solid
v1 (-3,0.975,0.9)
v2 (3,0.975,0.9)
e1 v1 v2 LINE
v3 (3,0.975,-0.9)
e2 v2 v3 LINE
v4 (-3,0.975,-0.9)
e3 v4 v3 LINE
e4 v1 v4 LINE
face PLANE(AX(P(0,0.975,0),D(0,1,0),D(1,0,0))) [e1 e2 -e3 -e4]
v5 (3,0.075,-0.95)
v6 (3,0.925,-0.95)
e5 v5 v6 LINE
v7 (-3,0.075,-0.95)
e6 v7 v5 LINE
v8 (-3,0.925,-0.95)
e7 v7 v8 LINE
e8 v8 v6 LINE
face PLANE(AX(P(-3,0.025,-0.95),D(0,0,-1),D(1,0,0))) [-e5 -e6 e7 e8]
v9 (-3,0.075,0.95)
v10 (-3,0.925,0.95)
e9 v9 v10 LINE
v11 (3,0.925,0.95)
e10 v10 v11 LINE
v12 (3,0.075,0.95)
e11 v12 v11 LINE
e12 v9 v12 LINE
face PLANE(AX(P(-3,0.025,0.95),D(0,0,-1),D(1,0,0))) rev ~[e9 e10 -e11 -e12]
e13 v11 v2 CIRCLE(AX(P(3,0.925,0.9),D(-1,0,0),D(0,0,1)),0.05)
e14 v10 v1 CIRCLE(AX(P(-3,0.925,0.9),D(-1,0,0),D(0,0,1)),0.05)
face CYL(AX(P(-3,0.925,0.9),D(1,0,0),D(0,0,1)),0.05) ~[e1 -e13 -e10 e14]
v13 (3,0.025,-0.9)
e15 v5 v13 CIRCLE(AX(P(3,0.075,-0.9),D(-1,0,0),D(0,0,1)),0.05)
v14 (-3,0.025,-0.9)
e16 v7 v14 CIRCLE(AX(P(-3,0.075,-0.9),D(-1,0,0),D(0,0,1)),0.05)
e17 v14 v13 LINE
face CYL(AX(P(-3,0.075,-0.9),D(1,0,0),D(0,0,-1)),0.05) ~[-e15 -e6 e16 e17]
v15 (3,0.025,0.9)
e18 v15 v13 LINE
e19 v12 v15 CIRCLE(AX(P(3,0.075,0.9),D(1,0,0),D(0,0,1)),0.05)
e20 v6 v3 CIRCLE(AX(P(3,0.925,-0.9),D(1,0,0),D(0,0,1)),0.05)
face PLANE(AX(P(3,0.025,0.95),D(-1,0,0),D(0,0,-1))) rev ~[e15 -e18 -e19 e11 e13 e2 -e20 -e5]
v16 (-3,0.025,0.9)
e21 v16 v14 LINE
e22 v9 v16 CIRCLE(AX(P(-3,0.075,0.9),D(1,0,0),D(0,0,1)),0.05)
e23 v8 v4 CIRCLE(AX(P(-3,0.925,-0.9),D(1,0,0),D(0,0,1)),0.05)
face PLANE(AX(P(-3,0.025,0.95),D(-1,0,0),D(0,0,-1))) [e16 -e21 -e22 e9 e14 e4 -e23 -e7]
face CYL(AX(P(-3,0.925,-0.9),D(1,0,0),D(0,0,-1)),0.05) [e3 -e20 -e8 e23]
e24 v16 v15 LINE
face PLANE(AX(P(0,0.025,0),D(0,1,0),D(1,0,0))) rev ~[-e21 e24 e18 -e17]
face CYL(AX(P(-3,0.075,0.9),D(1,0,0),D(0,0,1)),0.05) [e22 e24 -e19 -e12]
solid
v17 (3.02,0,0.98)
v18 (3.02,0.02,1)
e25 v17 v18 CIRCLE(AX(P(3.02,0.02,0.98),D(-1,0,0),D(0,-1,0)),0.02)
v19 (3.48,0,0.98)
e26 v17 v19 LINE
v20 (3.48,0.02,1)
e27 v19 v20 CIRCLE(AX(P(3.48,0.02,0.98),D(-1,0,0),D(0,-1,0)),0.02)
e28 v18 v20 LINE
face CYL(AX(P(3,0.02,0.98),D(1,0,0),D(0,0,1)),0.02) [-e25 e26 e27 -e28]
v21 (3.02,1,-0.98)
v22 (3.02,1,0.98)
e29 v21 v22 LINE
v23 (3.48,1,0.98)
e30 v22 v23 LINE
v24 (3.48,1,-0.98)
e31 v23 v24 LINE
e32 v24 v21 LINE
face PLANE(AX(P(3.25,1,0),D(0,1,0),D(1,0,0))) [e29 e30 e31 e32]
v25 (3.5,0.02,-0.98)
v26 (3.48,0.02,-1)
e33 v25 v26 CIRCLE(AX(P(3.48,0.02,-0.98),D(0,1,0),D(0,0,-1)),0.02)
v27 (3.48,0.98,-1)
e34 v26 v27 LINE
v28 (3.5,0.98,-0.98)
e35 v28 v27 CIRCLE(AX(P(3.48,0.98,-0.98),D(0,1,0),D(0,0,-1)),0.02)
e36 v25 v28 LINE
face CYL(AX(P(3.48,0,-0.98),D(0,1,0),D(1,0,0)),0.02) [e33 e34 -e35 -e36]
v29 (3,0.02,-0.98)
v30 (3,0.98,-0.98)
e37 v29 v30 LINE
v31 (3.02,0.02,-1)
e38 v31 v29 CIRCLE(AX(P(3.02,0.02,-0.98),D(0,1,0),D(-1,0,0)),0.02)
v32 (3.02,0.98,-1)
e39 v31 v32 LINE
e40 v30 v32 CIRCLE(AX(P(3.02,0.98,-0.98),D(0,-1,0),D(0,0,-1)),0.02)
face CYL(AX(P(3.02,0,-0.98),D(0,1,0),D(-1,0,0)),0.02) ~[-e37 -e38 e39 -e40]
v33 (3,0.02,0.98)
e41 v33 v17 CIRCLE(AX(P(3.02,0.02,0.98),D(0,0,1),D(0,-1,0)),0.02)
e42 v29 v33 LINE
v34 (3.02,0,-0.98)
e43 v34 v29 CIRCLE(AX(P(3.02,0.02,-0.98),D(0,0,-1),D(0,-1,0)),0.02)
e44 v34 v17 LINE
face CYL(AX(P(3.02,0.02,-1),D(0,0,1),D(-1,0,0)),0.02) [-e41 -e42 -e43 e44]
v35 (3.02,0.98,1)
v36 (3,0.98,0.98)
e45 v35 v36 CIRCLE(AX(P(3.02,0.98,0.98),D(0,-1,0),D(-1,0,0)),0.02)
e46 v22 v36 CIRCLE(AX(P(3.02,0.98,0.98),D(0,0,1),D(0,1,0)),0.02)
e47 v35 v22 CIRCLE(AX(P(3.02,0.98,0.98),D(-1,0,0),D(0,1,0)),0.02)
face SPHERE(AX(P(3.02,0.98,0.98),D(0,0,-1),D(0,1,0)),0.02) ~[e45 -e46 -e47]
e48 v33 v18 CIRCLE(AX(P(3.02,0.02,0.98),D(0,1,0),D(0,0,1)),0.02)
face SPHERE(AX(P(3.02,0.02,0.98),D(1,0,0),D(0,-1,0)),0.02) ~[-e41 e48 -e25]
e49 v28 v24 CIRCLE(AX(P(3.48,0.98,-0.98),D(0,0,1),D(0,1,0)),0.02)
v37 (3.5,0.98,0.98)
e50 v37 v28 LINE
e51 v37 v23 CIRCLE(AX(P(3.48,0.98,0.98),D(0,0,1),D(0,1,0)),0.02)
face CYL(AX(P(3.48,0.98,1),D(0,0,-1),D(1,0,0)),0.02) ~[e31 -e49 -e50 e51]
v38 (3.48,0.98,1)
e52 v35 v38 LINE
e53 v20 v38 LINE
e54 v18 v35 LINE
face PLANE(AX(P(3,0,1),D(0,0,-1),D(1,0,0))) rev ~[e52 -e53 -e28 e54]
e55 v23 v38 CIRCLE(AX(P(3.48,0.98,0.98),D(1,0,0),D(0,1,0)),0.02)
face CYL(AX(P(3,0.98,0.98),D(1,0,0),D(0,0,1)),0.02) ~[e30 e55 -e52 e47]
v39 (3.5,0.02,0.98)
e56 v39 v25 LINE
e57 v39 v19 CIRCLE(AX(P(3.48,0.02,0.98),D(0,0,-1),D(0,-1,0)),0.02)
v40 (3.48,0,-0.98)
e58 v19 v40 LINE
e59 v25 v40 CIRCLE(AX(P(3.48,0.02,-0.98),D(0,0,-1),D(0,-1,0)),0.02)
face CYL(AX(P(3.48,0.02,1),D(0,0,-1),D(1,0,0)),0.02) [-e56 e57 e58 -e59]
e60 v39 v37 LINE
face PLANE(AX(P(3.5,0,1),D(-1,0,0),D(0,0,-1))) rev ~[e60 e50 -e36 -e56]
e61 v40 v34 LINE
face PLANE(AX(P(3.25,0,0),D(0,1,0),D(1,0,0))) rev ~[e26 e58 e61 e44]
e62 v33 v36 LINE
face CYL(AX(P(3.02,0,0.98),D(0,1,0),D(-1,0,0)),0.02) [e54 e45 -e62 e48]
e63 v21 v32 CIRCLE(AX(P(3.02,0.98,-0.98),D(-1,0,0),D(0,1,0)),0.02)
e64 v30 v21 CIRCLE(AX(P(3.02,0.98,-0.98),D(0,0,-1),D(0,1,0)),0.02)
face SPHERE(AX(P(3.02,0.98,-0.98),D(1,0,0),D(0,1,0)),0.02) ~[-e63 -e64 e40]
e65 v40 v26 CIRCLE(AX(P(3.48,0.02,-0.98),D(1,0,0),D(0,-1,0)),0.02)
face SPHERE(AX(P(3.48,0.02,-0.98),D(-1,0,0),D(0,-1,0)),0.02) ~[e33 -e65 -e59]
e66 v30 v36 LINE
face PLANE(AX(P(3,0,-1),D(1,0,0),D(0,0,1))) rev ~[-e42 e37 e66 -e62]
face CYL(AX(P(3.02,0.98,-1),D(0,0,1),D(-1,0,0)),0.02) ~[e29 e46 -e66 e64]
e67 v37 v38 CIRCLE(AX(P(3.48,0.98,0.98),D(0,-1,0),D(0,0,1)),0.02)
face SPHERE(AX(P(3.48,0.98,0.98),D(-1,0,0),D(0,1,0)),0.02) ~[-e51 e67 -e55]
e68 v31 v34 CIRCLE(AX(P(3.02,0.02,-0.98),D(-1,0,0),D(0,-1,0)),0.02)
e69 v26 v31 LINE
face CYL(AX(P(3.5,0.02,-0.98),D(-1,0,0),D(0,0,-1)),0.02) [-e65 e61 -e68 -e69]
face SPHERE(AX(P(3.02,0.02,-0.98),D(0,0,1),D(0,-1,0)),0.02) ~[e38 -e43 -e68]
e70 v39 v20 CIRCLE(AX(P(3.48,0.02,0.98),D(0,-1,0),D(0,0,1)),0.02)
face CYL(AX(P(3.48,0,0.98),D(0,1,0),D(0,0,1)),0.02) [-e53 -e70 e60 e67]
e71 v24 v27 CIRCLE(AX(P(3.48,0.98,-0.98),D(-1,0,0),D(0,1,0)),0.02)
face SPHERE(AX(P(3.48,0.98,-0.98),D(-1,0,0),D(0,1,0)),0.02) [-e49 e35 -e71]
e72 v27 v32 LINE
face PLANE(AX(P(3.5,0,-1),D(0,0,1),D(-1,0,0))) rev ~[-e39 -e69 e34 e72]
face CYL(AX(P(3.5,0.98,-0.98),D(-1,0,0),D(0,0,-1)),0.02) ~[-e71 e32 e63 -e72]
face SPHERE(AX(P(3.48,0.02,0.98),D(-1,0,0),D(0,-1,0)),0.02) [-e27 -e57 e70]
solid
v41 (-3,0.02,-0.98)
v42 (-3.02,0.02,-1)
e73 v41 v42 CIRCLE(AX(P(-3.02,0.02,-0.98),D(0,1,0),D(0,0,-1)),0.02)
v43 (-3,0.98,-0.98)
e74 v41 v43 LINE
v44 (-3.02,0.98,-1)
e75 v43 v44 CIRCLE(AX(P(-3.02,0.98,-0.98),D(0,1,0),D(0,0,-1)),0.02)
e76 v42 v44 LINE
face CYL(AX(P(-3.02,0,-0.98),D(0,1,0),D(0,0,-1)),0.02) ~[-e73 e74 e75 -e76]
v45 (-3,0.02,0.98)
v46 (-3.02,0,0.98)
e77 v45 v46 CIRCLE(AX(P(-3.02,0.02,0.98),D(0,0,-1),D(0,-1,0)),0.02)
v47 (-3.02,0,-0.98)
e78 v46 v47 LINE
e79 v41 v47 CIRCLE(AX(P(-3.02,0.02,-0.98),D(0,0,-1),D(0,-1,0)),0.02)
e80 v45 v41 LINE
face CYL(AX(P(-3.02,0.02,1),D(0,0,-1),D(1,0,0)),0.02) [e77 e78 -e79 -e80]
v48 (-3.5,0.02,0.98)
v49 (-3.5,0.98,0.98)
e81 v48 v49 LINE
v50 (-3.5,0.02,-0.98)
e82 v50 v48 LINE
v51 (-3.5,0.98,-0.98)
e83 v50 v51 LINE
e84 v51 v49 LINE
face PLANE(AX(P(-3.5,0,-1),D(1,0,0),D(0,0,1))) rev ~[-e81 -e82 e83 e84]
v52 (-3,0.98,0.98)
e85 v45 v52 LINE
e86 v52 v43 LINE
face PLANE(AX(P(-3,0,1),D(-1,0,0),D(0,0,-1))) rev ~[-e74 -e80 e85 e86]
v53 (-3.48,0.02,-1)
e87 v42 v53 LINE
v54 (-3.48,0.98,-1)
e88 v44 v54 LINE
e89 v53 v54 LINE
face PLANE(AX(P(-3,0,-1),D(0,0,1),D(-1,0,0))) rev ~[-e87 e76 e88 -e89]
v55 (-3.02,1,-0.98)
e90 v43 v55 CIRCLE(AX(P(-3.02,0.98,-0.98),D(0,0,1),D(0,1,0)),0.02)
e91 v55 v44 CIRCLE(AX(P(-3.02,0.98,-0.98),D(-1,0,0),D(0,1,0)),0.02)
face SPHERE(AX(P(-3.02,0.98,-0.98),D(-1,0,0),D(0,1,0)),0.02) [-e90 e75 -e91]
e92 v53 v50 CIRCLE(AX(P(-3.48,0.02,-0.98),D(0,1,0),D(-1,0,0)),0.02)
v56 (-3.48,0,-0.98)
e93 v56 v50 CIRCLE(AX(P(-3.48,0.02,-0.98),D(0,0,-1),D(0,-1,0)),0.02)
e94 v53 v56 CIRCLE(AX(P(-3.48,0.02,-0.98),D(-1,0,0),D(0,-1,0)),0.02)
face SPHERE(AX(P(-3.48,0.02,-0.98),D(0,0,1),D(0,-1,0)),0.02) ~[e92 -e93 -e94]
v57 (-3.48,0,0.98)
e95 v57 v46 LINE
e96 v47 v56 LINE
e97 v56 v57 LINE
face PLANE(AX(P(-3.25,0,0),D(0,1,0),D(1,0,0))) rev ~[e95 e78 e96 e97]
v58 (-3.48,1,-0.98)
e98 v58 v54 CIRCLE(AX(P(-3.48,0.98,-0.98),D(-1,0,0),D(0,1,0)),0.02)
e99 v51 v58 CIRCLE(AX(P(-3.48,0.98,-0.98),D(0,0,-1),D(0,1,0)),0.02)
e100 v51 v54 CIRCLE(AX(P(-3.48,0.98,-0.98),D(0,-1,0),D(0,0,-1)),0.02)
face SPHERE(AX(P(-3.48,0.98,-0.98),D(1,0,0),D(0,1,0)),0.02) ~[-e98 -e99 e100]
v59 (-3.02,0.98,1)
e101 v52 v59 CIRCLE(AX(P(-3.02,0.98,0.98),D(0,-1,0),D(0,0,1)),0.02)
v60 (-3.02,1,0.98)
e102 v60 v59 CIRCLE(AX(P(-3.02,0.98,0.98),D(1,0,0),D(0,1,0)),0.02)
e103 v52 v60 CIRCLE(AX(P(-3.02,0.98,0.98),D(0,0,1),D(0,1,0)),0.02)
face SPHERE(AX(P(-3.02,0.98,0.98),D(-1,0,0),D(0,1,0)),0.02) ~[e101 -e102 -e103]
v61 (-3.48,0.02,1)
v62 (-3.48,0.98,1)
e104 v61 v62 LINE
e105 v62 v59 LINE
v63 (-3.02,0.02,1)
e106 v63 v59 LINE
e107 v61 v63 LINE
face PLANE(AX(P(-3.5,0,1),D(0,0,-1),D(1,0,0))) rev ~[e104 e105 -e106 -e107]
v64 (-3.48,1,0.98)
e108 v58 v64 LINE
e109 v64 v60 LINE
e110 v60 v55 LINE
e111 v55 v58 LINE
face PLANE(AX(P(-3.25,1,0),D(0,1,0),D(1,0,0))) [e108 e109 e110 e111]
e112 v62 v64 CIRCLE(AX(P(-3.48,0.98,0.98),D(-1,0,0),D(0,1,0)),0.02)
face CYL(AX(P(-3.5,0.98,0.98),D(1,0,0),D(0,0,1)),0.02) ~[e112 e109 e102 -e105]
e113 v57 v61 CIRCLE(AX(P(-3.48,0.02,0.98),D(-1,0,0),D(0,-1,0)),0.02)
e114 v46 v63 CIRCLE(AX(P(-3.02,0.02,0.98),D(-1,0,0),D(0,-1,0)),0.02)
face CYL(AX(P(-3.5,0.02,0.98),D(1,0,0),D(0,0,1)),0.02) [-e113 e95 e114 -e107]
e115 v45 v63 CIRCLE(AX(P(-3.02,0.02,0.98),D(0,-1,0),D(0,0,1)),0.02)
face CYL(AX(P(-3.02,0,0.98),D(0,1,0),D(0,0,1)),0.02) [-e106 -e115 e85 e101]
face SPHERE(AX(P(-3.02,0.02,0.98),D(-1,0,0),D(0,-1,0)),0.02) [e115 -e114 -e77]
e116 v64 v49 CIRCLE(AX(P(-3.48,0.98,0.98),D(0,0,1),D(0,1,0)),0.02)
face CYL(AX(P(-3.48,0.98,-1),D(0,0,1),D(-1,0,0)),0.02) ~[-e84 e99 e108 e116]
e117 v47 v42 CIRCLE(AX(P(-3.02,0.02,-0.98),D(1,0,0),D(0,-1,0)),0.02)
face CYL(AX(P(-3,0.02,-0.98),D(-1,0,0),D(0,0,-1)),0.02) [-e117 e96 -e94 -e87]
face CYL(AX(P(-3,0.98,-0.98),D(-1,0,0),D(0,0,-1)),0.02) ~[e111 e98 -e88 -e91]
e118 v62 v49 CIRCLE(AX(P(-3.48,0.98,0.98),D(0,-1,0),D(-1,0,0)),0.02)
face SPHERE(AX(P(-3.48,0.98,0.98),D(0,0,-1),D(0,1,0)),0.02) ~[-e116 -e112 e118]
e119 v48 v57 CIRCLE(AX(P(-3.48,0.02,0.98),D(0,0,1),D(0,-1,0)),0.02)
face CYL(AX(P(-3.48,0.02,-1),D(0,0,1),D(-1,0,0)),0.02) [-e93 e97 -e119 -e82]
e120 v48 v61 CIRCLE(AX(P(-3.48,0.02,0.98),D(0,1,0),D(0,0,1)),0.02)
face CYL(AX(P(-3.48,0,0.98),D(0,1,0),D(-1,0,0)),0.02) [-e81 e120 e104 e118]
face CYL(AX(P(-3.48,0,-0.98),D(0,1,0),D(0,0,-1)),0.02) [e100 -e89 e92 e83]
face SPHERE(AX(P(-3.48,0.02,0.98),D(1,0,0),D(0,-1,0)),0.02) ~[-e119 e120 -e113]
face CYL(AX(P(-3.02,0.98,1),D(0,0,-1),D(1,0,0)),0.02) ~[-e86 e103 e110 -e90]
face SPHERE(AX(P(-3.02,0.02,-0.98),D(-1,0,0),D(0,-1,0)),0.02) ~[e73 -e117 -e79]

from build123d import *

# Parameters (mm, degrees)
SKIZZE1_W                         = 0.5
SKIZZE1_H                         = 2
AUFSATZ_LINEAR_AUSTRAGEN1_DEPTH   = 1
AUFSATZ_LINEAR_AUSTRAGEN1_2_DEPTH = 1
AUFSATZ_LINEAR_START              = 0.025
SKIZZE1_3_W                       = 6
SKIZZE1_3_H                       = 1.9
AUFSATZ_LINEAR_AUSTRAGEN2_DEPTH   = 0.95
VERRUNDUNG1_R                     = 0.02
VERRUNDUNG3_R                     = 0.02
VERRUNDUNG4_R                     = 0.05


with BuildPart() as part:
    # Skizze1 → Aufsatz-Linear austragen1 (new body)
    with BuildSketch(Plane(origin=(0, 0, 0), x_dir=(1, 0, 0), z_dir=(0, 1, 0))):
        with Locations((-3.25, 0)):
            Rectangle(SKIZZE1_W, SKIZZE1_H)
    extrude(amount=AUFSATZ_LINEAR_AUSTRAGEN1_DEPTH)

    # Verrundung1
    verrundung1_edges = [part.edges().sort_by_distance(p)[0] for p in [
        (-3, 0.5, 1),
        (-3, 1, 0),
        (-3, 0.5, -1),
        (-3, 0, 0),
        (-3.5, 0.5, -1),
        (-3.5, 1, 0),
        (-3.5, 0.5, 1),
        (-3.5, 0, 0),
        (-3.25, 0, -1),
        (-3.25, 1, -1),
        (-3.25, 1, 1),
        (-3.25, 0, 1),
    ]]
    fillet(verrundung1_edges, radius=VERRUNDUNG1_R)


with BuildPart() as body_2:
    # Skizze1 → Aufsatz-Linear austragen1 2 (new body)
    with BuildSketch(Plane(origin=(0, 0, 0), x_dir=(1, 0, 0), z_dir=(0, 1, 0))):
        with Locations((3.25, 0)):
            Rectangle(SKIZZE1_W, SKIZZE1_H)
    extrude(amount=AUFSATZ_LINEAR_AUSTRAGEN1_2_DEPTH)

    # Verrundung3
    verrundung3_edges = [body_2.edges().sort_by_distance(p)[0] for p in [
        (3.25, 0, -1),
        (3, 0.5, -1),
        (3, 0, 0),
        (3, 0.5, 1),
        (3.25, 0, 1),
        (3.25, 1, 1),
        (3, 1, 0),
        (3.25, 1, -1),
        (3.5, 0.5, 1),
        (3.5, 1, 0),
        (3.5, 0.5, -1),
        (3.5, 0, 0),
    ]]
    fillet(verrundung3_edges, radius=VERRUNDUNG3_R)


with BuildPart() as body_3:
    # Skizze1<3> → Aufsatz-Linear austragen2 (new body)
    with BuildSketch(Plane(origin=(0, 0, 0), x_dir=(1, 0, 0), z_dir=(0, 1, 0)).offset(AUFSATZ_LINEAR_START)):
        Rectangle(SKIZZE1_3_W, SKIZZE1_3_H)
    extrude(amount=AUFSATZ_LINEAR_AUSTRAGEN2_DEPTH)

    # Verrundung4
    verrundung4_edges = [body_3.edges().sort_by_distance(p)[0] for p in [
        (0, 0.025, -0.95),
        (0, 0.975, -0.95),
        (0, 0.025, 0.95),
        (0, 0.975, 0.95),
    ]]
    fillet(verrundung4_edges, radius=VERRUNDUNG4_R)


solid = Compound([part.part, body_2.part, body_3.part])
